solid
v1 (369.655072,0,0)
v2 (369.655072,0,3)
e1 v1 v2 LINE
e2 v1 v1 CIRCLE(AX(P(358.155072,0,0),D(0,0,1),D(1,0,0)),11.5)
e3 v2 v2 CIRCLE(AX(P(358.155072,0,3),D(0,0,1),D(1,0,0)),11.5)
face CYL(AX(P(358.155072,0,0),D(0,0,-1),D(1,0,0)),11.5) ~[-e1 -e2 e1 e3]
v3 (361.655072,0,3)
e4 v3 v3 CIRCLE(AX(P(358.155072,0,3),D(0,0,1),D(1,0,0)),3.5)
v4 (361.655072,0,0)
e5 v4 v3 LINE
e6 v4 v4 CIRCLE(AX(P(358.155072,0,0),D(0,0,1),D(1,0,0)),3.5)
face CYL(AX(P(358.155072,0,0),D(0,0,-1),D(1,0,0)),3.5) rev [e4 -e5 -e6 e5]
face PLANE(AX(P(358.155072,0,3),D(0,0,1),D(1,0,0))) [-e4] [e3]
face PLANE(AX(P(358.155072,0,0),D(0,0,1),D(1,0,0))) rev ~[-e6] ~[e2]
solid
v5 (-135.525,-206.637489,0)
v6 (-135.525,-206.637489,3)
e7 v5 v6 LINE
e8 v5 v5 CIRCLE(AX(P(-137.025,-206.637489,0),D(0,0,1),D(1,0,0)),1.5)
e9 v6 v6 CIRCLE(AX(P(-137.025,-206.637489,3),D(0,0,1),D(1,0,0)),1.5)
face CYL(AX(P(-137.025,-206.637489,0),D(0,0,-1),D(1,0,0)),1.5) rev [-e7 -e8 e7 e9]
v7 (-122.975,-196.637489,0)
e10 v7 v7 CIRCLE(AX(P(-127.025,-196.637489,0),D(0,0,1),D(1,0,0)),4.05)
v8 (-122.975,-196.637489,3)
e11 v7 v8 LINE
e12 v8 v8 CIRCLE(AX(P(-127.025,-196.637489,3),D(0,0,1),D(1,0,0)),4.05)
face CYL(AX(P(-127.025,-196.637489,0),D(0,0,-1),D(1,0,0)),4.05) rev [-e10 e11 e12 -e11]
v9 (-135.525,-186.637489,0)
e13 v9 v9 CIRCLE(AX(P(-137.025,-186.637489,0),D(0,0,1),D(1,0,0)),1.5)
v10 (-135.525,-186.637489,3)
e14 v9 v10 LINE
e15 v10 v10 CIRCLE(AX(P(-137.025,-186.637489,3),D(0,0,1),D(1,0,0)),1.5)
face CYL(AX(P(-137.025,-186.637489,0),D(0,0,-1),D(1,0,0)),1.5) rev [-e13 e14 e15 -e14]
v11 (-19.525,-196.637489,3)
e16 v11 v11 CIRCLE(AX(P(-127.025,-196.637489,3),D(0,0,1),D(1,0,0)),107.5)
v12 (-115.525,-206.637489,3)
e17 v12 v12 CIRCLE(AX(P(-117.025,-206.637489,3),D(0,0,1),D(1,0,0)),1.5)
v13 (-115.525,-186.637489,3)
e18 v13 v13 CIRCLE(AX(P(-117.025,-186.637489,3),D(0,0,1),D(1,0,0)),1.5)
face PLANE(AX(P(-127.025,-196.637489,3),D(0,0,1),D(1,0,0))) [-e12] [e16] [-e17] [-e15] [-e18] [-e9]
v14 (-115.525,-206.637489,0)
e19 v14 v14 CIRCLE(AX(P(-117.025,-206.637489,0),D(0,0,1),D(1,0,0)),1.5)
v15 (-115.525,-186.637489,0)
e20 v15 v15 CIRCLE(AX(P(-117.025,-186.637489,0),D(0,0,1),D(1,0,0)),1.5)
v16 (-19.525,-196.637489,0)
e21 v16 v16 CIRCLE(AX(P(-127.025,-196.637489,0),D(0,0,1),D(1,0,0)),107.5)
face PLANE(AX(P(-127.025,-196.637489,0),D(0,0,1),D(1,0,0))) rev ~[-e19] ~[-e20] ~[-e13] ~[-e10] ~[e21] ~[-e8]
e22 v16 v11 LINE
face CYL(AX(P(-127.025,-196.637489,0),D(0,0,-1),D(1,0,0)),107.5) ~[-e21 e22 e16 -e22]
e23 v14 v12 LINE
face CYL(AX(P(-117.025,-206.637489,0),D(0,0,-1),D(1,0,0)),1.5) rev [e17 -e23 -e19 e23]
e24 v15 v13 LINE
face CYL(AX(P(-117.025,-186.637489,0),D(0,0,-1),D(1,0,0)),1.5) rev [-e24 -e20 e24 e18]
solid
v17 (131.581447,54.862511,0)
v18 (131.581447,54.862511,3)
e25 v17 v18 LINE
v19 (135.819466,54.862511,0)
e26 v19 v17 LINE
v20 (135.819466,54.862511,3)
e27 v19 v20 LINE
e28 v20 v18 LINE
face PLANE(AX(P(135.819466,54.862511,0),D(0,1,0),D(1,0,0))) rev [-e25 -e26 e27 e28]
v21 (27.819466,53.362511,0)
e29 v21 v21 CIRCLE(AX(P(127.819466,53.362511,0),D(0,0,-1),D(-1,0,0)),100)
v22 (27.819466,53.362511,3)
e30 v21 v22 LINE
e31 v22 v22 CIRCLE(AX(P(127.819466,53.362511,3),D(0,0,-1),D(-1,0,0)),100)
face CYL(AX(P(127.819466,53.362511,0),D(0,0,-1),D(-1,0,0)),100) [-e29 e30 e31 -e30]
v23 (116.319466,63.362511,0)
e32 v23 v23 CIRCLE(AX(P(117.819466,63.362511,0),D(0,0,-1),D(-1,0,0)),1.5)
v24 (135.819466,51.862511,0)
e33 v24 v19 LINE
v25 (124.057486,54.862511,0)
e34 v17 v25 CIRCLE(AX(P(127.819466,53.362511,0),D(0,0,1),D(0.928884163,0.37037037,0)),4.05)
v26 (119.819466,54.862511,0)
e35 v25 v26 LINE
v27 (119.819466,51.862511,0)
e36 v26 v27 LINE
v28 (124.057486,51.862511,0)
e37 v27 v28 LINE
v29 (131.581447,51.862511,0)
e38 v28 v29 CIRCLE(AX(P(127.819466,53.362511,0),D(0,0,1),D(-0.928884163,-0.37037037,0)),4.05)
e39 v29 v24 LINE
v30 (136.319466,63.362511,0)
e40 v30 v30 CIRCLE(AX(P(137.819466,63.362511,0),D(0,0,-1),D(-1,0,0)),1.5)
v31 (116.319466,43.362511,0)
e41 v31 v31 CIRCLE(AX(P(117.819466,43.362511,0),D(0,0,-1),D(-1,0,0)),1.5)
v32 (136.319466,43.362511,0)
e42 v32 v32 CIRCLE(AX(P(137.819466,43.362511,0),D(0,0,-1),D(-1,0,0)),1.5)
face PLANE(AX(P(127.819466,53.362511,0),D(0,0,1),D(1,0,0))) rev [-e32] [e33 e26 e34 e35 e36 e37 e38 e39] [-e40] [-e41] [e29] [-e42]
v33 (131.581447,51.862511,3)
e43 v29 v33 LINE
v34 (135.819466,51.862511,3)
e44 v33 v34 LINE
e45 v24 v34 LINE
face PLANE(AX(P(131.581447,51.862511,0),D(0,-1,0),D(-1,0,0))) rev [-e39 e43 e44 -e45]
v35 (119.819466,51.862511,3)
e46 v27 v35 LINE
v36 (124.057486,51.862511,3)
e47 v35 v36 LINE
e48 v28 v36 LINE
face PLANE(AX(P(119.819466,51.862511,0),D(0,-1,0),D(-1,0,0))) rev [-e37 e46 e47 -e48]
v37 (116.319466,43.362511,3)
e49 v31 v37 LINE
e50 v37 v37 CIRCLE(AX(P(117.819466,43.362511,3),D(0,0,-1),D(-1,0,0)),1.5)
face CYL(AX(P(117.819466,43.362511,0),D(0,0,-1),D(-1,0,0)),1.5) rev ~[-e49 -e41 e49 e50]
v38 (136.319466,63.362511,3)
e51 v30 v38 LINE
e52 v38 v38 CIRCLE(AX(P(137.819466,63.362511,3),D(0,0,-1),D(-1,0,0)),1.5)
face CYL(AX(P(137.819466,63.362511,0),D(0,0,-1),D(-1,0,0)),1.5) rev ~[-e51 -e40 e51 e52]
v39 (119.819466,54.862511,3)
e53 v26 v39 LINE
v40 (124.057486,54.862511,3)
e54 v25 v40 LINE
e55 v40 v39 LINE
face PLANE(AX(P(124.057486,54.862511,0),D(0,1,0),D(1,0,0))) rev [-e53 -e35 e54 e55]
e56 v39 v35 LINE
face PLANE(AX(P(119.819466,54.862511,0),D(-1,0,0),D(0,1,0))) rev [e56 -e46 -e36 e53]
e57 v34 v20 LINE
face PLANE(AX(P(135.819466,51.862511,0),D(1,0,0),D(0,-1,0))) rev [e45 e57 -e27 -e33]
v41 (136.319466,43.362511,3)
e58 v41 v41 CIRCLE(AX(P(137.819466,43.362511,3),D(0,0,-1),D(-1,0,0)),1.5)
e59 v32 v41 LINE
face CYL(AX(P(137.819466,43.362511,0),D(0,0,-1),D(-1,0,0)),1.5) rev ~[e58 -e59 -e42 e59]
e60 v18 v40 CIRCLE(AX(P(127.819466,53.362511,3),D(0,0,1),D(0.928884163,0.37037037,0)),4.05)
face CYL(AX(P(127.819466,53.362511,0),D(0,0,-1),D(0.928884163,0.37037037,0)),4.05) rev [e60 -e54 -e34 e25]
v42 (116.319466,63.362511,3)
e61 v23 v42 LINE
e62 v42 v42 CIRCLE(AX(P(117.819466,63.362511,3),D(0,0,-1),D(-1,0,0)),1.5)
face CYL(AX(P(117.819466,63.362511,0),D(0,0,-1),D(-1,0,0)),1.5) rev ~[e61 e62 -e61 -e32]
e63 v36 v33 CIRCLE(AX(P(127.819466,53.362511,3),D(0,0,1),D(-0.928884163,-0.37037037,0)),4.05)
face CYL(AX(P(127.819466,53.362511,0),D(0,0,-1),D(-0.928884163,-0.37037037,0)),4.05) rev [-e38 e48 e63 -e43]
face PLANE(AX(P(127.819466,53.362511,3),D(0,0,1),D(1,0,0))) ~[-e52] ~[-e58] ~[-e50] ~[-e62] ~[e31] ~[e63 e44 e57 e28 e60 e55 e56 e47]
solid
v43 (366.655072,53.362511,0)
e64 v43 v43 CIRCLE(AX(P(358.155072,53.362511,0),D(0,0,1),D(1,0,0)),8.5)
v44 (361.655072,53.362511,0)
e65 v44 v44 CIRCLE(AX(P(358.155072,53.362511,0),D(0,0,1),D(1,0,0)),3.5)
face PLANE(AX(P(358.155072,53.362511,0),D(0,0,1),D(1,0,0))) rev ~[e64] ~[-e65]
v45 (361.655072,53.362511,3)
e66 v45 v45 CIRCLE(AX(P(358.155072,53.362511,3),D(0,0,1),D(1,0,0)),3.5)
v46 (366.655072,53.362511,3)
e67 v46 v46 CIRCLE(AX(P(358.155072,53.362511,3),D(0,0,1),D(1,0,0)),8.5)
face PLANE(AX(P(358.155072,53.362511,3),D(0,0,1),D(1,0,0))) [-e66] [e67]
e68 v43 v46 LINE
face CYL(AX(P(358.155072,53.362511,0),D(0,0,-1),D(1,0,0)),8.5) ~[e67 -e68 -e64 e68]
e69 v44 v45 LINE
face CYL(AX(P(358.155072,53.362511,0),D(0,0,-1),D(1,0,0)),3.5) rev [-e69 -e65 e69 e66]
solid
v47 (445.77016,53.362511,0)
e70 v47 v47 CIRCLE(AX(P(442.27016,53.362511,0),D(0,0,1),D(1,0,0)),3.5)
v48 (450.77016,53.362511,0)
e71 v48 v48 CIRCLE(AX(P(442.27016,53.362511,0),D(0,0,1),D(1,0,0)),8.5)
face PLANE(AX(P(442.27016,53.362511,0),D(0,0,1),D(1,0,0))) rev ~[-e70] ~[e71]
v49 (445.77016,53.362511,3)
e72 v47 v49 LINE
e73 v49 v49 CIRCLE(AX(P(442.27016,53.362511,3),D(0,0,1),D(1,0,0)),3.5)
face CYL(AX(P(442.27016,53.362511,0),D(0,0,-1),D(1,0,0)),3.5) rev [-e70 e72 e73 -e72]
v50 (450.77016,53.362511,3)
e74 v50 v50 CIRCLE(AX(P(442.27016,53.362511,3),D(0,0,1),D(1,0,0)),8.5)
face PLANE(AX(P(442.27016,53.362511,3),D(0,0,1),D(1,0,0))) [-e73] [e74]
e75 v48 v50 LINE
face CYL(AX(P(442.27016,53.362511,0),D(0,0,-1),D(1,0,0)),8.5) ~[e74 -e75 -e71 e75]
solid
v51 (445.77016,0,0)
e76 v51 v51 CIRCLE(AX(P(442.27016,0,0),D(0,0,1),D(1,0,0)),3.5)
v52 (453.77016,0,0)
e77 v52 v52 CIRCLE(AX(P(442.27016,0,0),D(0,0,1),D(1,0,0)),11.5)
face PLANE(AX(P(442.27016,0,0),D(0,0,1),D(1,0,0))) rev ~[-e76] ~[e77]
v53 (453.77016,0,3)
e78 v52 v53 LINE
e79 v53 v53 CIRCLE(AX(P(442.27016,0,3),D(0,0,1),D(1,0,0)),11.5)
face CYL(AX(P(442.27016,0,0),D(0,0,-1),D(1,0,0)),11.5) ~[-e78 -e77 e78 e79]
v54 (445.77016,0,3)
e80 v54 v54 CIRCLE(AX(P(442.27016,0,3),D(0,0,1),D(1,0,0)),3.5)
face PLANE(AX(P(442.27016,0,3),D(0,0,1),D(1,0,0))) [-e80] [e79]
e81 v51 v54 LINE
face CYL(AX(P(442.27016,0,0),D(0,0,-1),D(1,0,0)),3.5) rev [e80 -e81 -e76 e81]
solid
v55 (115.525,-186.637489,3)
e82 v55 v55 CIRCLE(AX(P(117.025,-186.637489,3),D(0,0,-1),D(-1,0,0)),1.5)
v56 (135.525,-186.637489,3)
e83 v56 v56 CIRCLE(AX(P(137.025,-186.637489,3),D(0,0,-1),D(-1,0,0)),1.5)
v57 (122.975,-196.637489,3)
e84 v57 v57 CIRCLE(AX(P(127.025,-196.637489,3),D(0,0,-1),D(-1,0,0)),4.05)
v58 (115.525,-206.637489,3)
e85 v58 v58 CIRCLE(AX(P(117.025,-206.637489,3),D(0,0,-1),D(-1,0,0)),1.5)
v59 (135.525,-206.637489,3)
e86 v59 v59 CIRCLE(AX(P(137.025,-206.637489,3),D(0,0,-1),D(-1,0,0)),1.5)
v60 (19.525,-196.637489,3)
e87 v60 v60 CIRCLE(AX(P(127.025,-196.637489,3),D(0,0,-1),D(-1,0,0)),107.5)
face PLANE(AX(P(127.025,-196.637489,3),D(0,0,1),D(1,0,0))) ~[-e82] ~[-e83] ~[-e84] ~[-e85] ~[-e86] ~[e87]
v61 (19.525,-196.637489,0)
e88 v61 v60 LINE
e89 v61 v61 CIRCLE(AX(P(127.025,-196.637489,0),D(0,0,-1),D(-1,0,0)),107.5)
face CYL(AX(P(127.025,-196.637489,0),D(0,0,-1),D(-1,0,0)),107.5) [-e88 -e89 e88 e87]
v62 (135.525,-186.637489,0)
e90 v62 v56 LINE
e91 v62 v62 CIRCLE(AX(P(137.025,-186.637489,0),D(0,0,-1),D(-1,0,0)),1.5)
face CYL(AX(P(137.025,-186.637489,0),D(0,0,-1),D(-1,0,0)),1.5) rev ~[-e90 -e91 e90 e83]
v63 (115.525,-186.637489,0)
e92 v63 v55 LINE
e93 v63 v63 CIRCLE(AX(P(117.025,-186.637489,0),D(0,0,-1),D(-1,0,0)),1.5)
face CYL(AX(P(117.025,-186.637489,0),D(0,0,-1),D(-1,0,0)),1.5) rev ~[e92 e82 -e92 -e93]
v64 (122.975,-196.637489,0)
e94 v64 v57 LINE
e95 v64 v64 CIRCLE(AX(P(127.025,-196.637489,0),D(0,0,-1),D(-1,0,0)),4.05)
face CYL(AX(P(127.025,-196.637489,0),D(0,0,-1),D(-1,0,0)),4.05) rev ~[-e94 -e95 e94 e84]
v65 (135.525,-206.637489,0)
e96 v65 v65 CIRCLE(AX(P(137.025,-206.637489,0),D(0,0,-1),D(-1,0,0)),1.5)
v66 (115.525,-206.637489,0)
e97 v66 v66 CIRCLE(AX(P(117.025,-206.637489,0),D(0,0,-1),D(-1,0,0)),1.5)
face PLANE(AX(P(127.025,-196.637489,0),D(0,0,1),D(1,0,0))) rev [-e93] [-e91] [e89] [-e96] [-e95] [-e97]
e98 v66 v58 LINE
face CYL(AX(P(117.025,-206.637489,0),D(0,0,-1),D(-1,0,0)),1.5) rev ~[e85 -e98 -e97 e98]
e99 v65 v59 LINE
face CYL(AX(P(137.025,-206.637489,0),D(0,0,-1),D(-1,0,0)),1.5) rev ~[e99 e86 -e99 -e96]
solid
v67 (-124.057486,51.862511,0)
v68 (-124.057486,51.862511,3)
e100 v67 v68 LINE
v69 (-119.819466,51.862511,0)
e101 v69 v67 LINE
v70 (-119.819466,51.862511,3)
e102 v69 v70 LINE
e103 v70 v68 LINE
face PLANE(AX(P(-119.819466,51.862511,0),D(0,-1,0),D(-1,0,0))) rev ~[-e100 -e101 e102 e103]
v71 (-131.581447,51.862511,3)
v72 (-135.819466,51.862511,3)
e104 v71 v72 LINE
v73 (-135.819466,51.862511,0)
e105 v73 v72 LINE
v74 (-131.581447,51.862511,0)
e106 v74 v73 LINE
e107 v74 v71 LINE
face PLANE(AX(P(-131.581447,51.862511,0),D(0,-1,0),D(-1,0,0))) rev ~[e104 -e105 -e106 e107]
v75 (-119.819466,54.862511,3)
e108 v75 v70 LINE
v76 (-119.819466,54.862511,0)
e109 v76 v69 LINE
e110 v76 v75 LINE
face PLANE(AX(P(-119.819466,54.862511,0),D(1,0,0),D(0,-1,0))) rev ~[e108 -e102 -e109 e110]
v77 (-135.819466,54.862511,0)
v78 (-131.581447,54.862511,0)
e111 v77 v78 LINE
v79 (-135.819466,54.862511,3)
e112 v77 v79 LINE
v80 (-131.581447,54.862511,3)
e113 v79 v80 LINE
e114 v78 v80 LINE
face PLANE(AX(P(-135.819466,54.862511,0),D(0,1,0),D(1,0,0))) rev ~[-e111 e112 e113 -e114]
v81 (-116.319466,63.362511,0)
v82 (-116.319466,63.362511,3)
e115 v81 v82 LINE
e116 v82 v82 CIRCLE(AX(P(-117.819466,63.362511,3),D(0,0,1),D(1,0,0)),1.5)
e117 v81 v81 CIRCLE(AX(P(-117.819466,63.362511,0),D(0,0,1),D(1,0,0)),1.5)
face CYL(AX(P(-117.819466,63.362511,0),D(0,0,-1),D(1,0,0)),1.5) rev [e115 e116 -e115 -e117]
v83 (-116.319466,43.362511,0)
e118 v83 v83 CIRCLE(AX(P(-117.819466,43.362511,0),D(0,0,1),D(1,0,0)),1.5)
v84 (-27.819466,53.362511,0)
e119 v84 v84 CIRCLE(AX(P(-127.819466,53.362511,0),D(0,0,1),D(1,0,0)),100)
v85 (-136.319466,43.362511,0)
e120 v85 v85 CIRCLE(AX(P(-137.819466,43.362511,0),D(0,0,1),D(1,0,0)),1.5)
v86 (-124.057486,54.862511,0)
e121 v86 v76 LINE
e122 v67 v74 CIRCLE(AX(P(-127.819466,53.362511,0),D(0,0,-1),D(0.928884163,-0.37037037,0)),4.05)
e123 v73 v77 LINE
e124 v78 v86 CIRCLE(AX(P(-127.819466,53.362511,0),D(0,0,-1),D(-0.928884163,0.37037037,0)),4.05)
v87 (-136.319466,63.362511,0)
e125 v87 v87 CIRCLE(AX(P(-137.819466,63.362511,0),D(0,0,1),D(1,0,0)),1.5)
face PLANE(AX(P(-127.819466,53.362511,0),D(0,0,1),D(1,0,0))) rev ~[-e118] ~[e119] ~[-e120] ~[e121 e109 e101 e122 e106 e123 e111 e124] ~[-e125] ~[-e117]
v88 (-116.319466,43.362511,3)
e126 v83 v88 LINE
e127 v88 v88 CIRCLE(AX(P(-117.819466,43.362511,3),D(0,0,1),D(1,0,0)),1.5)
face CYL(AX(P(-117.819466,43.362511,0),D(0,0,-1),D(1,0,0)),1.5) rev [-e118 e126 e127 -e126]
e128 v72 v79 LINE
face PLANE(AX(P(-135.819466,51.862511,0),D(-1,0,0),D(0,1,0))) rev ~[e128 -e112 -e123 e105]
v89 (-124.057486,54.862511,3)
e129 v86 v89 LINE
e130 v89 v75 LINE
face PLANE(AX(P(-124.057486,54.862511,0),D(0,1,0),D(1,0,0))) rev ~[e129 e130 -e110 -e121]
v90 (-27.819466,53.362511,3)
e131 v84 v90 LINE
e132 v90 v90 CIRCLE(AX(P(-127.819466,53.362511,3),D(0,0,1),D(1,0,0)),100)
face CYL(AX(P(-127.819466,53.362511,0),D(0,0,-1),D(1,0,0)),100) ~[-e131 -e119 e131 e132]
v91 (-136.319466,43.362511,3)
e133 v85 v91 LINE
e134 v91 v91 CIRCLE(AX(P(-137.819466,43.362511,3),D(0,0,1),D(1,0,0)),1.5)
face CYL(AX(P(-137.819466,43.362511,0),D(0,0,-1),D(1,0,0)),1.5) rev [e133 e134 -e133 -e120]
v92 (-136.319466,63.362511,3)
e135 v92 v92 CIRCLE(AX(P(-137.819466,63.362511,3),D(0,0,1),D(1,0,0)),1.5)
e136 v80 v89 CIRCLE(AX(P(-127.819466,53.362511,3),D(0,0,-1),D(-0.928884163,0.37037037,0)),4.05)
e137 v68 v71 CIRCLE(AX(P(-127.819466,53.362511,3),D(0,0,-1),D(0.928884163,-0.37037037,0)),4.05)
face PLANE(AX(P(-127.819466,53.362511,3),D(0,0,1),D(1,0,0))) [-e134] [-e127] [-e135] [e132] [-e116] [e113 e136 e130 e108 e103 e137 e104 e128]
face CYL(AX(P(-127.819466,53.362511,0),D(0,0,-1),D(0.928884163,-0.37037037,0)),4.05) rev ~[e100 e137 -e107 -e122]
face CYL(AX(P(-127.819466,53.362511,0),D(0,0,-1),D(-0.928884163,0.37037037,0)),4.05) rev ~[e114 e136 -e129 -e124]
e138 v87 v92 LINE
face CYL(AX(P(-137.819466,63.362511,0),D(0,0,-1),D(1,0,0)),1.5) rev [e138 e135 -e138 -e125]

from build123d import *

# Parameters (mm, degrees)
F0_R     = 100
F0_R_2   = 1.5
F1_DEPTH = 3
F0_R_3   = 107.5
F0_R_4   = 4.05
F0_R_5   = 8.5
F0_R_6   = 3.5
F0_R_7   = 11.5


with BuildPart() as f1:
    # F0 (on Top) → F1 (new body)
    with BuildSketch(Plane.XY):
        with Locations((-127.8194664438, 53.3625107484)):
            Circle(F0_R)
        with Locations((-137.8194664438, 43.3625107484)):
            Circle(F0_R_2, mode=Mode.SUBTRACT)
        with Locations((-117.8194664438, 43.3625107484)):
            Circle(F0_R_2, mode=Mode.SUBTRACT)
        with BuildLine():
            ThreePointArc((-131.581447305, 54.8625107484), (-127.8194664438, 57.4125107484), (-124.0574855826, 54.8625107484))
            Line((-124.0574855826, 54.8625107484), (-119.8194664438, 54.8625107484))
            Line((-119.8194664438, 54.8625107484), (-119.8194664438, 51.8625107484))
            Line((-119.8194664438, 51.8625107484), (-124.0574855826, 51.8625107484))
            ThreePointArc((-124.0574855826, 51.8625107484), (-127.8194664438, 49.3125107484), (-131.581447305, 51.8625107484))
            Line((-131.581447305, 51.8625107484), (-135.8194664438, 51.8625107484))
            Line((-135.8194664438, 51.8625107484), (-135.8194664438, 54.8625107484))
            Line((-135.8194664438, 54.8625107484), (-131.581447305, 54.8625107484))
        make_face(mode=Mode.SUBTRACT)
        with Locations((-137.8194664438, 63.3625107484)):
            Circle(F0_R_2, mode=Mode.SUBTRACT)
        with Locations((-117.8194664438, 63.3625107484)):
            Circle(F0_R_2, mode=Mode.SUBTRACT)
    extrude(amount=F1_DEPTH)


with BuildPart() as f1b:
    # F0 (on Top) → F1, piece 2 (new body)
    with BuildSketch(Plane.XY):
        with Locations((-127.025, -196.6374892516)):
            Circle(F0_R_3)
        with Locations((-137.025, -206.6374892516)):
            Circle(F0_R_2, mode=Mode.SUBTRACT)
        with Locations((-117.025, -206.6374892516)):
            Circle(F0_R_2, mode=Mode.SUBTRACT)
        with Locations((-127.025, -196.6374892516)):
            Circle(F0_R_4, mode=Mode.SUBTRACT)
        with Locations((-137.025, -186.6374892516)):
            Circle(F0_R_2, mode=Mode.SUBTRACT)
        with Locations((-117.025, -186.6374892516)):
            Circle(F0_R_2, mode=Mode.SUBTRACT)
    extrude(amount=F1_DEPTH)


with BuildPart() as f1c:
    # F0 (on Top) → F1, piece 3 (new body)
    with BuildSketch(Plane.XY):
        with Locations((358.1550717354, 53.3625107484)):
            Circle(F0_R_5)
        with Locations((358.1550717354, 53.3625107484)):
            Circle(F0_R_6, mode=Mode.SUBTRACT)
    extrude(amount=F1_DEPTH)


with BuildPart() as f1d:
    # F0 (on Top) → F1, piece 4 (new body)
    with BuildSketch(Plane.XY):
        with Locations((442.2701597214, 53.3625107484)):
            Circle(F0_R_5)
        with Locations((442.2701597214, 53.3625107484)):
            Circle(F0_R_6, mode=Mode.SUBTRACT)
    extrude(amount=F1_DEPTH)


with BuildPart() as f1e:
    # F0 (on Top) → F1, piece 5 (new body)
    with BuildSketch(Plane.XY):
        with Locations((358.1550717354, 0)):
            Circle(F0_R_7)
        with Locations((358.1550717354, 0)):
            Circle(F0_R_6, mode=Mode.SUBTRACT)
    extrude(amount=F1_DEPTH)


with BuildPart() as f1f:
    # F0 (on Top) → F1, piece 6 (new body)
    with BuildSketch(Plane.XY):
        with Locations((442.2701597214, 0)):
            Circle(F0_R_7)
        with Locations((442.2701597214, 0)):
            Circle(F0_R_6, mode=Mode.SUBTRACT)
    extrude(amount=F1_DEPTH)


with BuildPart() as f2_1:
    # F2: instance of F1
    add(f1.part.mirror(Plane.YZ))


with BuildPart() as f2_2:
    # F2: instance of F1b
    add(f1b.part.mirror(Plane.YZ))


solid = Compound([f1.part, f1b.part, f1c.part, f1d.part, f1e.part, f1f.part, f2_1.part, f2_2.part])
